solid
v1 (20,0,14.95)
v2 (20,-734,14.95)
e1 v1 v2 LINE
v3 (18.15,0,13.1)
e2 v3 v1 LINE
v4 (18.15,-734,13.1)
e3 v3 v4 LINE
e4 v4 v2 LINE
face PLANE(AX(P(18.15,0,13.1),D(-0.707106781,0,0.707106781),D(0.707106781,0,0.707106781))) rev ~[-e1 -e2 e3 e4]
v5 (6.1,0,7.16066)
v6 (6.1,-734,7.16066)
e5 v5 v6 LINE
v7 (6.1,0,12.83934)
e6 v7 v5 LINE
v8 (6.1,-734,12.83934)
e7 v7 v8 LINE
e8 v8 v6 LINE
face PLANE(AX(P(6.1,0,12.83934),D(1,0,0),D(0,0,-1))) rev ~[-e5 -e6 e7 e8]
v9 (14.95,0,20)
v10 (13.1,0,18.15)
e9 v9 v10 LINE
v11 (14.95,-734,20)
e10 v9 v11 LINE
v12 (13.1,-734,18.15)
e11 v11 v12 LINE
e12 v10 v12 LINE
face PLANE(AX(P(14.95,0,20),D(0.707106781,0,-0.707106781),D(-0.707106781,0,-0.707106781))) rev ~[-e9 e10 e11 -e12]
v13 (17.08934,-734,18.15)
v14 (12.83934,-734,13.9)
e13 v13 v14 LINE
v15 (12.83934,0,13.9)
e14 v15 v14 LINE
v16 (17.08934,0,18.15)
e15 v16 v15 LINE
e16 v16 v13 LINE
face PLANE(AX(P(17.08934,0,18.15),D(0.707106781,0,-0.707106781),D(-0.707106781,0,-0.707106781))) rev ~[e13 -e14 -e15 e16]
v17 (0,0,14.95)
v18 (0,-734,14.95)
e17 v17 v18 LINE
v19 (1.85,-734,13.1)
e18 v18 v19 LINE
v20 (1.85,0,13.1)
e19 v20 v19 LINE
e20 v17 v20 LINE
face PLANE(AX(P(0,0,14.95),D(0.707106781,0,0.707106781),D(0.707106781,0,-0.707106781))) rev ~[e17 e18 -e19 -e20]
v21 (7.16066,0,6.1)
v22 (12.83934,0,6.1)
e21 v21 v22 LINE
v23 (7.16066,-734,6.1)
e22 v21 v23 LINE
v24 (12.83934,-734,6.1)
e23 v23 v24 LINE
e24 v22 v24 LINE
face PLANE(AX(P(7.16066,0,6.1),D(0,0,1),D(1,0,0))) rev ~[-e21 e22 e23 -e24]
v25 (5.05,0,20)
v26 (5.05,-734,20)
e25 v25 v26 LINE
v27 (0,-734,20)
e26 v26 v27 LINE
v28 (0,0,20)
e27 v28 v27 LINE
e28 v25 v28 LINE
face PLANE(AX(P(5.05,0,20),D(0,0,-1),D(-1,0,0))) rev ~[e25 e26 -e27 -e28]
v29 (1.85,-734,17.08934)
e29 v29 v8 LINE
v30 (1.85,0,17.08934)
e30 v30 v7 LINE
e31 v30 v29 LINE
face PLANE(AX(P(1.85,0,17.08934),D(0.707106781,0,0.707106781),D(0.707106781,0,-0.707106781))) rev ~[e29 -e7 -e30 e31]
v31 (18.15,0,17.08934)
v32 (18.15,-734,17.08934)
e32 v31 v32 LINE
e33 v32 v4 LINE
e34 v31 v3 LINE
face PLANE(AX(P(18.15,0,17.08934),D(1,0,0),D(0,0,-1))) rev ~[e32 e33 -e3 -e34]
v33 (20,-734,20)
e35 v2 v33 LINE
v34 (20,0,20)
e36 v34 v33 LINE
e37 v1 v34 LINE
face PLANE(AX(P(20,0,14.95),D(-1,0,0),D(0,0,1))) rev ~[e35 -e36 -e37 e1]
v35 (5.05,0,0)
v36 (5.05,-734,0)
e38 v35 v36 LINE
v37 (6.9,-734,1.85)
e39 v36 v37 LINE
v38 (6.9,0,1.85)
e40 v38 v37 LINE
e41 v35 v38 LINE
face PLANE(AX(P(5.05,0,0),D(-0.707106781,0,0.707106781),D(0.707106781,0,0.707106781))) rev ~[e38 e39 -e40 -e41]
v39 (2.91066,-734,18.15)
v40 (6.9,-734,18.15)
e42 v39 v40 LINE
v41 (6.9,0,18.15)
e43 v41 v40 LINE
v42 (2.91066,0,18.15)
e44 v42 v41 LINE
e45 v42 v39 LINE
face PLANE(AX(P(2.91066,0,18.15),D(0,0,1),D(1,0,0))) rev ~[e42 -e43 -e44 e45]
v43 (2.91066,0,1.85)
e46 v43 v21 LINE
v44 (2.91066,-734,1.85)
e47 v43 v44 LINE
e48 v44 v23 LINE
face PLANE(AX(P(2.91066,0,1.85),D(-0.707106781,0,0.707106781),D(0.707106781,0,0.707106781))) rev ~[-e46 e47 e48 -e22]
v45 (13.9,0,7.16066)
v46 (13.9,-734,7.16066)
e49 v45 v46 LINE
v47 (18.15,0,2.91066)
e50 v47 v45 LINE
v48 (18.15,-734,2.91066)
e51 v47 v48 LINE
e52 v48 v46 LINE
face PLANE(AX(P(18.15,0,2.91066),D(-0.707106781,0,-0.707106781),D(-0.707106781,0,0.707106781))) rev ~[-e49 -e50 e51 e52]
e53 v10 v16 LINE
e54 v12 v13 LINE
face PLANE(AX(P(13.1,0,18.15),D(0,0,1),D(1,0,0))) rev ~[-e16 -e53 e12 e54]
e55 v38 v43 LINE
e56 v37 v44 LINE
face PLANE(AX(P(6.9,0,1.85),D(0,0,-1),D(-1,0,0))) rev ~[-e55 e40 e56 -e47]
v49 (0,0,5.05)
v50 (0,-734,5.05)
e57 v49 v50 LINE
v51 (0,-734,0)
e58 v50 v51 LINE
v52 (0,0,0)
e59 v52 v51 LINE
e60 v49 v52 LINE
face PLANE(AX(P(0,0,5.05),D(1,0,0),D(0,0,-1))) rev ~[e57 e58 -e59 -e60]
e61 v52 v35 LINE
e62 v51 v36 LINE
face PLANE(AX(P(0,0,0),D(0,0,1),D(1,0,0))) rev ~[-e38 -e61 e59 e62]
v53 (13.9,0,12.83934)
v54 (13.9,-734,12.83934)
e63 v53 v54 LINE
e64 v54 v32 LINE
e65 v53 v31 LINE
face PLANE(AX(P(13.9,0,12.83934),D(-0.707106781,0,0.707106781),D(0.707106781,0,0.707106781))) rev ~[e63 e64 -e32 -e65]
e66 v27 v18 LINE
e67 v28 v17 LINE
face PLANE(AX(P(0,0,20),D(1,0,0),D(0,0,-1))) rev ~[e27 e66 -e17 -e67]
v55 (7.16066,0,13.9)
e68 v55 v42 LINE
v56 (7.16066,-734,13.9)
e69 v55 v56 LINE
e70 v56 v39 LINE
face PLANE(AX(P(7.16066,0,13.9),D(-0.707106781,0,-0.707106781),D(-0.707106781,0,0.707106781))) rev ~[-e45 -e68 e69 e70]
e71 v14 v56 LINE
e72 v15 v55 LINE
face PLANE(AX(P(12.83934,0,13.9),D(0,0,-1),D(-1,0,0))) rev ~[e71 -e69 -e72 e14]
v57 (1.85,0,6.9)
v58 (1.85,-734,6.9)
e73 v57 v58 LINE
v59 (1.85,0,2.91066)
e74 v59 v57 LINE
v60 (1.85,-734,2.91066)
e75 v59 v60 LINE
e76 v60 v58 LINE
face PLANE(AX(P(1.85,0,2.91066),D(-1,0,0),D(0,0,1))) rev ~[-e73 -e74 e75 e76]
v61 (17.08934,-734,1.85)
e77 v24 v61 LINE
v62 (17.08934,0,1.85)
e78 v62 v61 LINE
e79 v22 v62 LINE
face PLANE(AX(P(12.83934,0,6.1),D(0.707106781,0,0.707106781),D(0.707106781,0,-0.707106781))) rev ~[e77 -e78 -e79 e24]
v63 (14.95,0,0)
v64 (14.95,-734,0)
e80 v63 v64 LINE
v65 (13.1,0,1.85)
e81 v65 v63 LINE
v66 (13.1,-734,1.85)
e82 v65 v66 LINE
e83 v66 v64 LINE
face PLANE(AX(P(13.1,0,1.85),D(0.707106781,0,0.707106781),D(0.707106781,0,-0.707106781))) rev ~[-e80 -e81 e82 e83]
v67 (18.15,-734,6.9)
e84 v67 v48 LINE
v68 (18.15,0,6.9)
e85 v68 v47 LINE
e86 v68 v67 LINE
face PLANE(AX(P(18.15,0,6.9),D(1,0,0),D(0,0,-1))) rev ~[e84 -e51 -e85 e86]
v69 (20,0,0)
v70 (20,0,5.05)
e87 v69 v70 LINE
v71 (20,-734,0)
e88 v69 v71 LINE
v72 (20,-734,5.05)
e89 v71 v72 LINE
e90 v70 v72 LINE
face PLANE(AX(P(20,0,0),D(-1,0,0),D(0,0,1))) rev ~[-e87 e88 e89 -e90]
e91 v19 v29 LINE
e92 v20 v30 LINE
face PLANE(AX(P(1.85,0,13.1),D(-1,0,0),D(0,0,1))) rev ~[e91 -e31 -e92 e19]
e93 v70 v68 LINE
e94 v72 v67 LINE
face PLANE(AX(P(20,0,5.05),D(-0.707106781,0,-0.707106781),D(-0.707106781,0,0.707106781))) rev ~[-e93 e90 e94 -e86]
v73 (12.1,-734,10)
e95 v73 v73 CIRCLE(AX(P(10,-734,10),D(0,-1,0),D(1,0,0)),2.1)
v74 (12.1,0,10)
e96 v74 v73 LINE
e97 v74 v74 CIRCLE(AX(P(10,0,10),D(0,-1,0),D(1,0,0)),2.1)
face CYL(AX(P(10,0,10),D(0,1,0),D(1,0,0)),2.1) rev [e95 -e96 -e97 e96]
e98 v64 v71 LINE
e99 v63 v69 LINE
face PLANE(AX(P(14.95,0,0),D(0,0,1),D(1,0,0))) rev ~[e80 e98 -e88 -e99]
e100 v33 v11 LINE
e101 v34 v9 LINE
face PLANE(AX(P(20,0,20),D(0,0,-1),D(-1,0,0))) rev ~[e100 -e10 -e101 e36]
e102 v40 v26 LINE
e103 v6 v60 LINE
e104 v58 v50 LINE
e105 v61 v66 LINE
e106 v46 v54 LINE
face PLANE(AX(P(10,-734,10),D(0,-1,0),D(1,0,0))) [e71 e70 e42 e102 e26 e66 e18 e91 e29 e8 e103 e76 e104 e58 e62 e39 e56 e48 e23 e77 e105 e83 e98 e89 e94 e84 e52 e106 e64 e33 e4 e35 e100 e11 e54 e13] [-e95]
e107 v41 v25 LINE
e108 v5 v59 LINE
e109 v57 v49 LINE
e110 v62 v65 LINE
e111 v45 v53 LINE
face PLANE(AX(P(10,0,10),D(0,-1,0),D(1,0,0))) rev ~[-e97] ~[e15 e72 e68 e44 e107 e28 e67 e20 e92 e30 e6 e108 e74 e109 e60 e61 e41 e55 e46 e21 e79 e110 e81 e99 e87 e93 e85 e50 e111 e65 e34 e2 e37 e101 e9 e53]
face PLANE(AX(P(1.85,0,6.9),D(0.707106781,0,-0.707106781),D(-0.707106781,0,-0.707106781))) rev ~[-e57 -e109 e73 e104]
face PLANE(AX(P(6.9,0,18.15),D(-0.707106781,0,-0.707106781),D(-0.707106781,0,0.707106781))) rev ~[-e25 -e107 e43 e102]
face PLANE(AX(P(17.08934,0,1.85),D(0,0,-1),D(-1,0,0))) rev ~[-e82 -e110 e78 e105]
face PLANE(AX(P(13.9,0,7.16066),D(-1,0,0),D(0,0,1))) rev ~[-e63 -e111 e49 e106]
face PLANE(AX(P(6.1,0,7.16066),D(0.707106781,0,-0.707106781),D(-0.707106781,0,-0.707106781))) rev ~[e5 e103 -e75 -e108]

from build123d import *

# Parameters (mm, degrees)
SKETCH_R  = 2.1
PAD_DEPTH = 734


with BuildPart() as part:
    # Sketch → Pad (new body)
    with BuildSketch(Plane.XZ):
        Polygon((0, 0), (5.05, 0), (6.9, 1.85), (2.91066, 1.85), (7.16066, 6.1), (12.83934, 6.1), (17.08934, 1.85), (13.1, 1.85), (14.95, 0), (20, 0), (20, 5.05), (18.15, 6.9), (18.15, 2.91066), (13.9, 7.16066), (13.9, 12.83934), (18.15, 17.08934), (18.15, 13.1), (20, 14.95), (20, 20), (14.95, 20), (13.1, 18.15), (17.08934, 18.15), (12.83934, 13.9), (7.16066, 13.9), (2.91066, 18.15), (6.9, 18.15), (5.05, 20), (0, 20), (0, 14.95), (1.85, 13.1), (1.85, 17.08934), (6.1, 12.83934), (6.1, 7.16066), (1.85, 2.91066), (1.85, 6.9), (0, 5.05), align=None)
        with Locations((10, 10)):
            Circle(SKETCH_R, mode=Mode.SUBTRACT)
    extrude(amount=PAD_DEPTH)


solid = part.part
